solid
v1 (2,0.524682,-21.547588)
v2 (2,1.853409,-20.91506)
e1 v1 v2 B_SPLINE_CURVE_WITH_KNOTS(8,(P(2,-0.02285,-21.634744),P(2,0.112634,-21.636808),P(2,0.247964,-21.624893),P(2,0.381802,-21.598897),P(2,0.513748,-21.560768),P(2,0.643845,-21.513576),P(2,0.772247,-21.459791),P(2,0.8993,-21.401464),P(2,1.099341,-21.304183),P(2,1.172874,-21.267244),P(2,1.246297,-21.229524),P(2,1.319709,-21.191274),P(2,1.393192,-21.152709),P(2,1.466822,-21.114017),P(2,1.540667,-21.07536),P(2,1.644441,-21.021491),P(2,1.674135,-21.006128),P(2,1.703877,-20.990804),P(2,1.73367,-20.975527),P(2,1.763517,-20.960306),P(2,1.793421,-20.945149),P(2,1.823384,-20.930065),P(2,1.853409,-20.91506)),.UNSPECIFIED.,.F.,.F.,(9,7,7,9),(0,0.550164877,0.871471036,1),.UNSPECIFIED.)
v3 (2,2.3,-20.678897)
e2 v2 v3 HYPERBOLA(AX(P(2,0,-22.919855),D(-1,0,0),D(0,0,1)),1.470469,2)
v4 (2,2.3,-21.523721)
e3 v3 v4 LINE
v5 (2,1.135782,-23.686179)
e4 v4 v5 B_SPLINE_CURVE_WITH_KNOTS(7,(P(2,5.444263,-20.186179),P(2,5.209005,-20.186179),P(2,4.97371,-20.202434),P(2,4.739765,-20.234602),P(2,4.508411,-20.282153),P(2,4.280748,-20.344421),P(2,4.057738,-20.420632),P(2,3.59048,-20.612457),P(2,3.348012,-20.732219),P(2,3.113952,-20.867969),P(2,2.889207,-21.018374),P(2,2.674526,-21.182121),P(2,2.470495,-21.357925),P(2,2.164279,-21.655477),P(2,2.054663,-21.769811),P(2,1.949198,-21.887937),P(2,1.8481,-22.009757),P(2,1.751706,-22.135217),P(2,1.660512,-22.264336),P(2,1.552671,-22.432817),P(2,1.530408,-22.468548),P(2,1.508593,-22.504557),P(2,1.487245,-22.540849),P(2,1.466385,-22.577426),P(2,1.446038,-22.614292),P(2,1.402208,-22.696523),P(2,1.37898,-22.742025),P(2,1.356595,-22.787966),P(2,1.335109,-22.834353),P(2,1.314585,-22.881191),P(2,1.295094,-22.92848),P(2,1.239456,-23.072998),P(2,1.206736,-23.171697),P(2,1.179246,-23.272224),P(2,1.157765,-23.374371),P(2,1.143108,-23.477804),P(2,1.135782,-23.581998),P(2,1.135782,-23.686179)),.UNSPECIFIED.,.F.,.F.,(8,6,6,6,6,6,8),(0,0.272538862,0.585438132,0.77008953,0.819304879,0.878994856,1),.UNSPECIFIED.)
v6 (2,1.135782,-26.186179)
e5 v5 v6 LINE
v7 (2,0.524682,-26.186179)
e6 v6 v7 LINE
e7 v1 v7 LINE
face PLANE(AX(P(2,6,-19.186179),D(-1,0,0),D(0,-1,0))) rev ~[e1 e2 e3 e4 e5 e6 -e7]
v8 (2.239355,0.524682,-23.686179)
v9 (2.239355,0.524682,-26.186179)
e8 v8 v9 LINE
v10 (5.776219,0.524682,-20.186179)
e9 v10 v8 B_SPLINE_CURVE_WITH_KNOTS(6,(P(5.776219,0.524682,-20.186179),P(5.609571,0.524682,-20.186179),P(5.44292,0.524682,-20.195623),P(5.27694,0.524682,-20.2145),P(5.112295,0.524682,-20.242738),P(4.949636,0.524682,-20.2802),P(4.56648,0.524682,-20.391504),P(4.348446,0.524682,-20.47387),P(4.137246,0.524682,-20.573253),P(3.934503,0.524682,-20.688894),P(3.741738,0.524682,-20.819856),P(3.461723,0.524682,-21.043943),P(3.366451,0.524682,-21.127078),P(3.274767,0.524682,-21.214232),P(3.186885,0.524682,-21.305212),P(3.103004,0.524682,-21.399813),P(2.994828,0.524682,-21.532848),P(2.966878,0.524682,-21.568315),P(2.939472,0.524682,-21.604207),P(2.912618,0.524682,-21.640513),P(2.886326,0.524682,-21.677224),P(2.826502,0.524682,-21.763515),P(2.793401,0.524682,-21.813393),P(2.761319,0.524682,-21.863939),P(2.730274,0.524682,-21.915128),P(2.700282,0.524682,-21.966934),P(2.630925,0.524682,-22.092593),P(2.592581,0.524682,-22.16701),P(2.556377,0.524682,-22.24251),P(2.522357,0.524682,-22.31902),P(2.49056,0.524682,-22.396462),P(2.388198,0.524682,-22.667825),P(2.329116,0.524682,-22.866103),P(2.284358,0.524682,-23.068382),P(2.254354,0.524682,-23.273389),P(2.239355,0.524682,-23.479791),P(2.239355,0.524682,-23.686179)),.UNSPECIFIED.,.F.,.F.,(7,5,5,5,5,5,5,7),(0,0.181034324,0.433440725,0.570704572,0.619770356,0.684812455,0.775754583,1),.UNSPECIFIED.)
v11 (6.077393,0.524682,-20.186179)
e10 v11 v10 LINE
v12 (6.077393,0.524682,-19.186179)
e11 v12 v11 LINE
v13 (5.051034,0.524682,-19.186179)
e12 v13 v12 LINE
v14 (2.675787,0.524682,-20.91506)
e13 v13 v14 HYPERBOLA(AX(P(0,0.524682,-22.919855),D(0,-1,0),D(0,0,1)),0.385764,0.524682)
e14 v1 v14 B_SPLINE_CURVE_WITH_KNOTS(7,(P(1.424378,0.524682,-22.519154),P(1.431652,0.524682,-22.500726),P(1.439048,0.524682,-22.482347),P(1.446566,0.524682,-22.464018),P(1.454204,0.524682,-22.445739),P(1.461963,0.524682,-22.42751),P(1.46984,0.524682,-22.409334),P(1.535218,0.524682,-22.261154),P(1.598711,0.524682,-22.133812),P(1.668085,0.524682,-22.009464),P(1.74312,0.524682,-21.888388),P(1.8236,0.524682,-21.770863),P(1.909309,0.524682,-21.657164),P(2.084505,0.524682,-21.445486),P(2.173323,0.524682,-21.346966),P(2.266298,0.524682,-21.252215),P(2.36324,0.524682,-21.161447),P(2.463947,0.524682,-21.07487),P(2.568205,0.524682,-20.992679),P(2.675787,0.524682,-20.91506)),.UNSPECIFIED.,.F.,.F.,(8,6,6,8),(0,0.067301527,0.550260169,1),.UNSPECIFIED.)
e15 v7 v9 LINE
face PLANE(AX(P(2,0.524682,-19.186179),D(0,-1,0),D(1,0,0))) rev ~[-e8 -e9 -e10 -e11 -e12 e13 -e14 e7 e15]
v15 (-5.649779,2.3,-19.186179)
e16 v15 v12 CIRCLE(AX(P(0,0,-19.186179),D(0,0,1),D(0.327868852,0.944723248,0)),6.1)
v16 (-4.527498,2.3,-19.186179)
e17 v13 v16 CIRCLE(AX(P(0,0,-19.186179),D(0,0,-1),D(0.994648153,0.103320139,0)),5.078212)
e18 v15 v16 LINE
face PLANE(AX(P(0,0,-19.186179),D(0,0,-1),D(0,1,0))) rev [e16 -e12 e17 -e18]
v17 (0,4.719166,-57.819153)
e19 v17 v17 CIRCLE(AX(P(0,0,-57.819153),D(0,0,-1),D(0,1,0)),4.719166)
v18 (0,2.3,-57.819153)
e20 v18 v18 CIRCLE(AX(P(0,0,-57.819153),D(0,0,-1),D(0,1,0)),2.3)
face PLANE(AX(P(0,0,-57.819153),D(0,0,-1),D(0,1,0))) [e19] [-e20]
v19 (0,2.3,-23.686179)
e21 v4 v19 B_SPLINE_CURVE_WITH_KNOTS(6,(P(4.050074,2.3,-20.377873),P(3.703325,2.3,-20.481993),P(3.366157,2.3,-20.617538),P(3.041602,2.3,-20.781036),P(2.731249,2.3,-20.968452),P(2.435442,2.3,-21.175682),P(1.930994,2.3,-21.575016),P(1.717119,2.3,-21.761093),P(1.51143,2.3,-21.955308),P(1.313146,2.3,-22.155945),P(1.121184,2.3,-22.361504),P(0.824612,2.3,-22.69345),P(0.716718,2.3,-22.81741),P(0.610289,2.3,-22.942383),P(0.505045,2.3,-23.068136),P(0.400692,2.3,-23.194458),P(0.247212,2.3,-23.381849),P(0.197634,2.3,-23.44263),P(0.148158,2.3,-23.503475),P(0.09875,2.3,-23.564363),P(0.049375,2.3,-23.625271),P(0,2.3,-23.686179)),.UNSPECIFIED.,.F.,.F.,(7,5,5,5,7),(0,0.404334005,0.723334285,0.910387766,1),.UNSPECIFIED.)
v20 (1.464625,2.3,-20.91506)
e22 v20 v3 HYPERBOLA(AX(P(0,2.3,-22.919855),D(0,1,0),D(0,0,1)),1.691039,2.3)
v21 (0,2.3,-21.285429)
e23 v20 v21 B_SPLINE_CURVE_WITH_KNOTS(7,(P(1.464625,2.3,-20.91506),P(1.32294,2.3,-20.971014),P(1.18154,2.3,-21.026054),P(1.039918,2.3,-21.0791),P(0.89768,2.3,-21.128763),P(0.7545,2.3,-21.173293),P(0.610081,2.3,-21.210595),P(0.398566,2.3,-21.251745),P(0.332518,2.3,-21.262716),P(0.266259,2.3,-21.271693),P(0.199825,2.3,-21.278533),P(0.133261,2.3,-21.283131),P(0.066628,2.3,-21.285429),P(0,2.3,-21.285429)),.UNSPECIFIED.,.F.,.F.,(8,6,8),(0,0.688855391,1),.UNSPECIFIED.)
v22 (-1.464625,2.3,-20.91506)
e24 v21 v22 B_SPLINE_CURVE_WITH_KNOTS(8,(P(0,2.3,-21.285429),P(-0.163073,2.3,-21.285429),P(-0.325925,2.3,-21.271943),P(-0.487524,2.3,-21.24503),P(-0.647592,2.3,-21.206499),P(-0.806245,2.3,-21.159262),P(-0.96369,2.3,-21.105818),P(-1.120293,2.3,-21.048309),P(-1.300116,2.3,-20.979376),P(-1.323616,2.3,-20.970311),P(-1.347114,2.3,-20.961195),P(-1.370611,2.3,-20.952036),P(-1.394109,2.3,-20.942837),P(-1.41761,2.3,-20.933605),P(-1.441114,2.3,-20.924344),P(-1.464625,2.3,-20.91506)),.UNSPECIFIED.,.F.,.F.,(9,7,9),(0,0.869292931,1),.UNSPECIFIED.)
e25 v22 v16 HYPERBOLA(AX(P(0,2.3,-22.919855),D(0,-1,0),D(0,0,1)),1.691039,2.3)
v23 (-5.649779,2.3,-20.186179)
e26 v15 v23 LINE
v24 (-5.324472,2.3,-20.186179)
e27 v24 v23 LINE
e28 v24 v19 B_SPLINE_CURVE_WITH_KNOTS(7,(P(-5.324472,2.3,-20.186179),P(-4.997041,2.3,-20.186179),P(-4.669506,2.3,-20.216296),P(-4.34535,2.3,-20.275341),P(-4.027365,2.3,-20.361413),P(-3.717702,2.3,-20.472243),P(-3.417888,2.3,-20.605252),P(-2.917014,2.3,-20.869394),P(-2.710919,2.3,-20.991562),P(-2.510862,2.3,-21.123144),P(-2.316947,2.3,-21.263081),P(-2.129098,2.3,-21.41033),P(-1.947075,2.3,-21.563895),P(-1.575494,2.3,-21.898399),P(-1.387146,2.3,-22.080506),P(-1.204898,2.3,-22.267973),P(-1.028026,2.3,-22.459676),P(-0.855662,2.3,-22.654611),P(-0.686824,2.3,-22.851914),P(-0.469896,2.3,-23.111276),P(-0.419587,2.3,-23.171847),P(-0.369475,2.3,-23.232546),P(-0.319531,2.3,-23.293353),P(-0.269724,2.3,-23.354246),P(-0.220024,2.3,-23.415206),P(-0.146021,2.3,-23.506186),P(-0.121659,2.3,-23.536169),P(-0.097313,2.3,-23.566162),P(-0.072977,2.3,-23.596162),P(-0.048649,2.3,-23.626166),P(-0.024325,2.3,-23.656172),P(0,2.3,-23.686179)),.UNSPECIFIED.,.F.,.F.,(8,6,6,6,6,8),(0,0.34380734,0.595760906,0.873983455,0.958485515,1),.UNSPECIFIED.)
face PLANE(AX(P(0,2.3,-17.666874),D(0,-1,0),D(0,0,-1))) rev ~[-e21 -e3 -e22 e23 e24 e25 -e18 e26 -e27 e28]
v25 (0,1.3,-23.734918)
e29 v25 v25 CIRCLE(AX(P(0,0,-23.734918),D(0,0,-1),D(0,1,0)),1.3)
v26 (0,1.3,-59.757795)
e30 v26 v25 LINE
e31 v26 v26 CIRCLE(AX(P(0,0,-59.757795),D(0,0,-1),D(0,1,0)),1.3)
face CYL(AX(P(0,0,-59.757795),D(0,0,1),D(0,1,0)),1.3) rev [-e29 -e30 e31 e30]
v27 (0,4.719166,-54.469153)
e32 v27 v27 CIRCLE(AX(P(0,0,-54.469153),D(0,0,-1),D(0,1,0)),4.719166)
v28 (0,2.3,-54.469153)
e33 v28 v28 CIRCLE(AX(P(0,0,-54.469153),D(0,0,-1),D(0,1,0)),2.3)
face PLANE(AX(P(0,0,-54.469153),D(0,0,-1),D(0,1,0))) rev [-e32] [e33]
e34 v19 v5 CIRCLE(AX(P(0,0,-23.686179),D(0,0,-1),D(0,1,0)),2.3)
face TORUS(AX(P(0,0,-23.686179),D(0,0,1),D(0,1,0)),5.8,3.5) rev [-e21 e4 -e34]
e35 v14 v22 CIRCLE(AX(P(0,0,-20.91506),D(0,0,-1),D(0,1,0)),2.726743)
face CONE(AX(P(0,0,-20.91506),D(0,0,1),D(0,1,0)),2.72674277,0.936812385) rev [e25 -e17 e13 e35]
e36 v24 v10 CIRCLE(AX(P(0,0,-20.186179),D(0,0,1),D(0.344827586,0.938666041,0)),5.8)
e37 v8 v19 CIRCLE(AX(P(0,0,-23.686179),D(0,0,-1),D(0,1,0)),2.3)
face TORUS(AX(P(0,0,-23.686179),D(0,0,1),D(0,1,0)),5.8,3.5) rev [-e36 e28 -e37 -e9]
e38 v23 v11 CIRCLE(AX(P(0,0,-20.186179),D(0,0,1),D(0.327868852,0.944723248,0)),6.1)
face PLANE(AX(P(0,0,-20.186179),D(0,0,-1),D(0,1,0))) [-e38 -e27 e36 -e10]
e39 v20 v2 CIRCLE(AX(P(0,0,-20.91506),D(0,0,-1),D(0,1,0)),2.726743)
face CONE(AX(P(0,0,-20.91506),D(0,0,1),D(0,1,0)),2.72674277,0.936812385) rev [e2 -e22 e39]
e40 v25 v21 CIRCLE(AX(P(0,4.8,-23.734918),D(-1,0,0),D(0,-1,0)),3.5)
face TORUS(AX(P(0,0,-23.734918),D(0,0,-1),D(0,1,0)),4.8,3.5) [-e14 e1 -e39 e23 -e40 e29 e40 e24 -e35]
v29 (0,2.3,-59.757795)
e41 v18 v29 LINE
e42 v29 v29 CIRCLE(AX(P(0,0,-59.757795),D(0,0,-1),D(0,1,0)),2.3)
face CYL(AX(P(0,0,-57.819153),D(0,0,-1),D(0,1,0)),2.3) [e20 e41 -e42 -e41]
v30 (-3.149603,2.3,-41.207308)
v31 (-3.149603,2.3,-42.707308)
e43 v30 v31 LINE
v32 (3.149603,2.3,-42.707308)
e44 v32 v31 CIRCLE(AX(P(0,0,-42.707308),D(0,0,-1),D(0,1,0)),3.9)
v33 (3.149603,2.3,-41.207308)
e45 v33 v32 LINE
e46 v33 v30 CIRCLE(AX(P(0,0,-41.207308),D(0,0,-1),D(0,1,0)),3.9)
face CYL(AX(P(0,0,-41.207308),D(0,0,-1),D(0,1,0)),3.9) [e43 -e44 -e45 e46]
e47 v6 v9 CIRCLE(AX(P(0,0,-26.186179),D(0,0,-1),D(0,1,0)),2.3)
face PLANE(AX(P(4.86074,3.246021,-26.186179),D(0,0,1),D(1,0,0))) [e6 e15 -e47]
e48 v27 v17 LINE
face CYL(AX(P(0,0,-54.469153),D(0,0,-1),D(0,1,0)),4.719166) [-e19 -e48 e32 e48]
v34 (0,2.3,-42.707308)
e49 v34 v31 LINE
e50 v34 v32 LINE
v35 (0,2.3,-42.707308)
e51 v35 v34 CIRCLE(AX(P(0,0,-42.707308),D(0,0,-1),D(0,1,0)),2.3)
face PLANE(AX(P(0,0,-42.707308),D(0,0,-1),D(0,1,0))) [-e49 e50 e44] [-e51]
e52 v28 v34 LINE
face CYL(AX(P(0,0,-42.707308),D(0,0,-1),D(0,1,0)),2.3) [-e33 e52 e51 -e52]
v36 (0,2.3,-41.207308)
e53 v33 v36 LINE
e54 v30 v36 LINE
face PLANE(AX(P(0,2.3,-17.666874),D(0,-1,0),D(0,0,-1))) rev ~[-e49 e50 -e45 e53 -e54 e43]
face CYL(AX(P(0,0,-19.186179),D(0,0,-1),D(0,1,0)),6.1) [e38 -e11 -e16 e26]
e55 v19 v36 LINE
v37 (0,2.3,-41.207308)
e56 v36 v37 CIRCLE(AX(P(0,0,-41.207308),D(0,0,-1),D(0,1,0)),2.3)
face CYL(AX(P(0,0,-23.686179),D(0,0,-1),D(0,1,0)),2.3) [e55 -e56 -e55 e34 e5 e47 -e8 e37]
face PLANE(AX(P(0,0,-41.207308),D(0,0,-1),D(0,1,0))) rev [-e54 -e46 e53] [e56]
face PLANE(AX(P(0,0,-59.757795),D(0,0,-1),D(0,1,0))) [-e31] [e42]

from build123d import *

# Parameters (mm, degrees)
CUT_EXTRUDE1_DEPTH      = 7
SKETCH3_W               = 26.933594661
SKETCH3_H               = 5.726695828
CUT_EXTRUDE2_DEPTH      = 7.1
CUT_EXTRUDE2_DEPTH_BACK = 7.1


with BuildPart() as part:
    # Sketch1 → Revolve1 (revolve)
    with BuildSketch(Plane(origin=(0, 0, 0), x_dir=(0, 0, -1), z_dir=(1, 0, 0))):
        with BuildLine():
            Line((19.186178752, 5.078211692), (19.186178752, 6.1))
            Line((19.186178752, 6.1), (20.186178752, 6.1))
            Line((20.186178752, 6.1), (20.186178752, 5.8))
            ThreePointArc((20.186178752, 5.8), (21.211305018, 3.325126266), (23.686178752, 2.3))
            Line((23.686178752, 2.3), (41.207308429, 2.3))
            Line((41.207308429, 2.3), (41.207308429, 3.9))
            Line((41.207308429, 3.9), (42.707308429, 3.9))
            Line((42.707308429, 3.9), (42.707308429, 2.3))
            Line((42.707308429, 2.3), (54.469152884, 2.3))
            Line((54.469152884, 2.3), (54.469152884, 4.719165839))
            Line((54.469152884, 4.719165839), (57.819152884, 4.719165839))
            Line((57.819152884, 4.719165839), (57.819152884, 2.3))
            Line((57.819152884, 2.3), (59.757795324, 2.3))
            Line((59.757795324, 2.3), (59.757795324, 1.3))
            Line((59.757795324, 1.3), (23.73491848, 1.3))
            ThreePointArc((23.73491848, 1.3), (22.154791951, 1.676988608), (20.915059537, 2.72674277))
            Line((20.915059537, 2.72674277), (19.186178752, 5.078211692))
        make_face()
    revolve(axis=Axis((0, 0, 0), (0, 0, -1)))

    # Sketch2 → Cut-Extrude1 (cut)
    with BuildSketch(Plane.XY.offset(-19.186178752)):
        Polygon((2, 6), (2, 0.524681536), (7.756224258, 0.524681536), (7.708002274, 5.9580813), align=None)
    extrude(amount=-CUT_EXTRUDE1_DEPTH, mode=Mode.SUBTRACT)

    # Sketch3 → Cut-Extrude2 (cut, two sides)
    with BuildSketch(Plane(origin=(0, 0, 0), x_dir=(0, 0, -1), z_dir=(1, 0, 0))) as cut_extrude2_sk:
        with Locations((31.133671125, 5.163347914)):
            Rectangle(SKETCH3_W, SKETCH3_H)
    extrude(amount=CUT_EXTRUDE2_DEPTH, mode=Mode.SUBTRACT)
    extrude(cut_extrude2_sk.sketch, amount=-CUT_EXTRUDE2_DEPTH_BACK, mode=Mode.SUBTRACT)


solid = part.part
